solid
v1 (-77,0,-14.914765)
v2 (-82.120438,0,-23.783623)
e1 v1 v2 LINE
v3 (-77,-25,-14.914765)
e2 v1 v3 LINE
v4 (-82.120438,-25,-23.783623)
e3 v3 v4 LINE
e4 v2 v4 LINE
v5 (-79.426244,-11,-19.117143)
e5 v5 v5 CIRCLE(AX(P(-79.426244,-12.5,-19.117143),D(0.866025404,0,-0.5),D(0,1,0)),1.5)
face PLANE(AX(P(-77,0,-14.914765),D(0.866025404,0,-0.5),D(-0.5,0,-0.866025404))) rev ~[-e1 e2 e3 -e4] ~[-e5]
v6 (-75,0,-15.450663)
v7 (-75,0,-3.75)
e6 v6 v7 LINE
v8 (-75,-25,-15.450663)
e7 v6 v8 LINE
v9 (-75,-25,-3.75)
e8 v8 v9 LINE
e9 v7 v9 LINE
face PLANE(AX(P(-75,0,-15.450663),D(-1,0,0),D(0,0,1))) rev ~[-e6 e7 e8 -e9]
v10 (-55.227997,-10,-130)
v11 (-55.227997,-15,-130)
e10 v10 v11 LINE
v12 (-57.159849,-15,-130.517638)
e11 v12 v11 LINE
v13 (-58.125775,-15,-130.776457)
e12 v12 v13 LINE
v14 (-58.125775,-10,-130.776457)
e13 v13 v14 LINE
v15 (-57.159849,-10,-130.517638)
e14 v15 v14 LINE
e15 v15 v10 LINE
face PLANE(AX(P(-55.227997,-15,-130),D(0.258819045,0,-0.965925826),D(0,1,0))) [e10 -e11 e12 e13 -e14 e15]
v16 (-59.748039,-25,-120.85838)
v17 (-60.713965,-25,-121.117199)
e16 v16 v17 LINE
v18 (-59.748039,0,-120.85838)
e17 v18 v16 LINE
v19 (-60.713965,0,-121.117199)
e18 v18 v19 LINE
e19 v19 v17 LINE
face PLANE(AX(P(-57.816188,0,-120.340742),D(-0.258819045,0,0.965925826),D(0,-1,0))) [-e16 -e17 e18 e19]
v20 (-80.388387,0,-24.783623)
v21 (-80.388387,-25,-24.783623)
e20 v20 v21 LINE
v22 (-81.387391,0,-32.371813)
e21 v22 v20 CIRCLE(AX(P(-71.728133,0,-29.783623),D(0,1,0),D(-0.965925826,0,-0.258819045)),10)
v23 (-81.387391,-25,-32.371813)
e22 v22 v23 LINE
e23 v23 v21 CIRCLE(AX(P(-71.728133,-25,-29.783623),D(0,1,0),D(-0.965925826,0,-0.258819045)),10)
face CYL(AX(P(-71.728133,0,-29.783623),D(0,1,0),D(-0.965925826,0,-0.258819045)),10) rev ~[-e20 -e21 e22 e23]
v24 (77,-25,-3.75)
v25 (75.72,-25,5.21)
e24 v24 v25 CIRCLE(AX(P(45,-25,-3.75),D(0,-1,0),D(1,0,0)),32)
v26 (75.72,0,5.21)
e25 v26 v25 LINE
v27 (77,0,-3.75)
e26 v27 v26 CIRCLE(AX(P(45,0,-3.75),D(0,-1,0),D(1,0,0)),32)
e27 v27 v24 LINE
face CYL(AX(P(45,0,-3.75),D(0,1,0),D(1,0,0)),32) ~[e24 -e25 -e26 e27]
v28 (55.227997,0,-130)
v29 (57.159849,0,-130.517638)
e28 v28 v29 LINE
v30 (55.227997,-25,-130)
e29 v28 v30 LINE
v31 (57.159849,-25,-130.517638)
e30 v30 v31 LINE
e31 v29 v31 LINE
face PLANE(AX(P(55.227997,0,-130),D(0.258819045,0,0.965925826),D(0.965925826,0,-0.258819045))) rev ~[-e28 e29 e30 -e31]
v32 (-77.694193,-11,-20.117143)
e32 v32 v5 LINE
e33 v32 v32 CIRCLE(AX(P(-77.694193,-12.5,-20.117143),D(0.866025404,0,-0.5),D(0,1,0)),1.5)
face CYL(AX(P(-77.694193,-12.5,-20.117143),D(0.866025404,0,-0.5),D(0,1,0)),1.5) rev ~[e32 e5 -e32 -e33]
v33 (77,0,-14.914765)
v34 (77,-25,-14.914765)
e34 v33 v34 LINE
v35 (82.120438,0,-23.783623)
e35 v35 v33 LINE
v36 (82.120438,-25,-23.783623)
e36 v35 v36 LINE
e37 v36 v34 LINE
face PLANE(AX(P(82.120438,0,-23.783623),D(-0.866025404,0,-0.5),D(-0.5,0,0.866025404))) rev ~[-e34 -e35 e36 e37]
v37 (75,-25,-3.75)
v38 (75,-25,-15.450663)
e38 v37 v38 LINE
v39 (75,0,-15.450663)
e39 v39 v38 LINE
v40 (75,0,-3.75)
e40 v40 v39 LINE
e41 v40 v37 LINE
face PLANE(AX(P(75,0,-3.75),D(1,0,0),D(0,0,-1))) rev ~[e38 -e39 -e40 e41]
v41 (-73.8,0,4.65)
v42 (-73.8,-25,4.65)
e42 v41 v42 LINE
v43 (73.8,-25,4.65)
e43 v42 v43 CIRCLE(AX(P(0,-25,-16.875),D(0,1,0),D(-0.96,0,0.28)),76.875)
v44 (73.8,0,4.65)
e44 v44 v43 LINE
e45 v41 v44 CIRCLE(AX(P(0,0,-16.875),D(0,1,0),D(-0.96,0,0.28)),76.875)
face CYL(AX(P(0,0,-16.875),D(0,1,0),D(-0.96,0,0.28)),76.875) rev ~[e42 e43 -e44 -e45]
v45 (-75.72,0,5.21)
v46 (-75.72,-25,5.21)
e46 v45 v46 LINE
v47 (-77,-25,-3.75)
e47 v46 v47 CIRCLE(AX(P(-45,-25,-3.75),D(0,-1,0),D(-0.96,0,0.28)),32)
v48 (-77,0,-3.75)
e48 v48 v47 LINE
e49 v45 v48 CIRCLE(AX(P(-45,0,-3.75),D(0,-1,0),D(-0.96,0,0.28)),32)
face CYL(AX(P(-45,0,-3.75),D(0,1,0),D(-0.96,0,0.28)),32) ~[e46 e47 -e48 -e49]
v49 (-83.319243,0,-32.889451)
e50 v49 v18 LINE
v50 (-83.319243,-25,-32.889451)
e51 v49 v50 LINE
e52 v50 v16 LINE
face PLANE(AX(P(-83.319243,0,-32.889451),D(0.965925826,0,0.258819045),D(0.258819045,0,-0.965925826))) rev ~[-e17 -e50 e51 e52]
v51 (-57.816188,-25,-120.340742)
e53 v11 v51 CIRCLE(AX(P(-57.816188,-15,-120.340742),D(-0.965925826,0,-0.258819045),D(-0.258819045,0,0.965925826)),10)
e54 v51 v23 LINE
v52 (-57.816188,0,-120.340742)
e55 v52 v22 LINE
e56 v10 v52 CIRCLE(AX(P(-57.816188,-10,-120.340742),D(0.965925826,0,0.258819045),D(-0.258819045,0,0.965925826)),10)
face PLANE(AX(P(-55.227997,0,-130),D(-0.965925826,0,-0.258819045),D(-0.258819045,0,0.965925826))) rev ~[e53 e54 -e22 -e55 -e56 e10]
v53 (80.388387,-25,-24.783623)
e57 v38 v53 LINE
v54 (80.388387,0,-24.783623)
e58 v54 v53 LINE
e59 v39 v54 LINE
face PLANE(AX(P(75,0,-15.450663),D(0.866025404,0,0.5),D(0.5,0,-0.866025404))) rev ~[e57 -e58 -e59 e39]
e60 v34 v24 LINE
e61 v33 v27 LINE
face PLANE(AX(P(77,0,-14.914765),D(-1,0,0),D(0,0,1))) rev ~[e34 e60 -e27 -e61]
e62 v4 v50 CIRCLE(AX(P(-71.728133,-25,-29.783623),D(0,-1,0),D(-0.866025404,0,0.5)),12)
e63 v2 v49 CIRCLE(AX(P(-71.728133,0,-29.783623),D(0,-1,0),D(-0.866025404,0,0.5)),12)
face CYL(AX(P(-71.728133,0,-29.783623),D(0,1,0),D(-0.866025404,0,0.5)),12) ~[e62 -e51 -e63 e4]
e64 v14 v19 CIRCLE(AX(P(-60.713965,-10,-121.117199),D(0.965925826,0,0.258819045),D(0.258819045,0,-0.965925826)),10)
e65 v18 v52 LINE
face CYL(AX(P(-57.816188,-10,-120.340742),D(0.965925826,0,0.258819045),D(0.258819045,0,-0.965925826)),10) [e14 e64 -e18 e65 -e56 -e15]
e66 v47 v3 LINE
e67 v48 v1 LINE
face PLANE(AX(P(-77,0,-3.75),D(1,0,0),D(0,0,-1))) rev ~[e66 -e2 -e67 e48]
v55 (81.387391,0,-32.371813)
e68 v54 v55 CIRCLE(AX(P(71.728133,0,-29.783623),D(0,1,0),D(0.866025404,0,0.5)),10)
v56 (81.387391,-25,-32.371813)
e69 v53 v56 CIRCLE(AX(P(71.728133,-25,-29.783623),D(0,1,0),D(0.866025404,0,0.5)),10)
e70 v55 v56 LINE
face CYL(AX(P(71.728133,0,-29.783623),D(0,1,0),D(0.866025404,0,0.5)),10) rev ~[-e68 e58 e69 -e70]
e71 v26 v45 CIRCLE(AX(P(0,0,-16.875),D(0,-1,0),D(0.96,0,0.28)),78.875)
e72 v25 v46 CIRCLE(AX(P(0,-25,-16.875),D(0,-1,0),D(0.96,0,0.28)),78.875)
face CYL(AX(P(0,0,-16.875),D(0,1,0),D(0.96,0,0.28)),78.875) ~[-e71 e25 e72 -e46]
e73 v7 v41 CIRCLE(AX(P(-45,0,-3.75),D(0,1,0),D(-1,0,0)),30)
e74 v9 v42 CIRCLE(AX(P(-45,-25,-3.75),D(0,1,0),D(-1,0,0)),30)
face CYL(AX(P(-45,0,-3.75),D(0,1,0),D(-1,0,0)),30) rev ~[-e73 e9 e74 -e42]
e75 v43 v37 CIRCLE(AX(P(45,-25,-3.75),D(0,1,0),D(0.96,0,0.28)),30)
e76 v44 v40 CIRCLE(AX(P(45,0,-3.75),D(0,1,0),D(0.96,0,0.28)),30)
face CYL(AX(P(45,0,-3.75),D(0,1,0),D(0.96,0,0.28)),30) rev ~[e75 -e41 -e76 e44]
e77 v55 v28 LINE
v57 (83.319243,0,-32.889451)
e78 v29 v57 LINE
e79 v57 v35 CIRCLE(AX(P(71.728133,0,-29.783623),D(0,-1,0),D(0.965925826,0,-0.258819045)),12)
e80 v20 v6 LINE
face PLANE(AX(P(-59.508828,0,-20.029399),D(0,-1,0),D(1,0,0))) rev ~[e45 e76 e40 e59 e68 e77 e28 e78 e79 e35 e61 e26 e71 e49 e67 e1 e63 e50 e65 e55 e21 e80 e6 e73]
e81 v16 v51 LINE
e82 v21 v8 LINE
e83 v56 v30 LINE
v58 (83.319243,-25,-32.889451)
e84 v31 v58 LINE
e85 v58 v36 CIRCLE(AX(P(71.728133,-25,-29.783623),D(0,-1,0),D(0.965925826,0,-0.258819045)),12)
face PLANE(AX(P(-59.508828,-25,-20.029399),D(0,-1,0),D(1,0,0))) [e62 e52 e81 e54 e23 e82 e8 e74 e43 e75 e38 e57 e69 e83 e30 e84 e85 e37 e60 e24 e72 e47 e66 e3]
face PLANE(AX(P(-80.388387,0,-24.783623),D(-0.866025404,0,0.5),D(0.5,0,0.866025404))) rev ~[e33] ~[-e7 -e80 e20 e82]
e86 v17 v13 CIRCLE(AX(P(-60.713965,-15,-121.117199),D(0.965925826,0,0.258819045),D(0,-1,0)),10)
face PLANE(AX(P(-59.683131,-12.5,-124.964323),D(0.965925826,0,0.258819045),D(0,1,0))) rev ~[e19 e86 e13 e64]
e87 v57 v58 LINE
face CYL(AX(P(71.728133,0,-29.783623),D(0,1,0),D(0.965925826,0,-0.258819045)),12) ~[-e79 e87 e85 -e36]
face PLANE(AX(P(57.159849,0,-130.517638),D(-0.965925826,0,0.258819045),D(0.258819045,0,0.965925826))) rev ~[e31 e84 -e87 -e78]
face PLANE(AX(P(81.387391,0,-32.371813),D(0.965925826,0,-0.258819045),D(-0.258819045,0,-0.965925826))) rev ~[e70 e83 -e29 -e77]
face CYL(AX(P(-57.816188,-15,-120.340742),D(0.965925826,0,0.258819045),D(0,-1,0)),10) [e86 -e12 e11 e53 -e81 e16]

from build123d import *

# Parameters (mm, degrees)
F1_DEPTH = 25
F2_R     = 10
F3_R     = 1.5
F4_DEPTH = 25
F6_DEPTH = 3


with BuildPart() as f1:
    # F0 (on Front) → F1 (new body)
    with BuildSketch(Plane.XZ):
        with BuildLine():
            ThreePointArc((-73.8, 4.65), (-46.125, 44.625), (0, 60))
            Line((0, 60), (0, 62))
            ThreePointArc((0, 62), (-47.325, 46.225), (-75.72, 5.21))
            ThreePointArc((-75.72, 5.21), (-76.6783837972, 0.7754833996), (-77, -3.75))
            Line((-77, -3.75), (-77, -14.9147645484))
            Line((-77, -14.9147645484), (-82.1204376266, -23.7836226747))
            ThreePointArc((-82.1204376266, -23.7836226747), (-83.6254711177, -28.217308368), (-83.3192426967, -32.8894512159))
            Line((-83.3192426967, -32.8894512159), (-57.1598488652, -130.5176380902))
            Line((-57.1598488652, -130.5176380902), (-55.2279972126, -130))
            Line((-55.2279972126, -130), (-81.3873910441, -32.3718131257))
            ThreePointArc((-81.3873910441, -32.3718131257), (-81.6425813949, -28.4783607525), (-80.388386819, -24.7836226747))
            Line((-80.388386819, -24.7836226747), (-75, -15.4506629333))
            Line((-75, -15.4506629333), (-75, -3.75))
            ThreePointArc((-75, -3.75), (-74.6984848098, 0.4926406871), (-73.8, 4.65))
        make_face()
        with BuildLine():
            Line((0, 62), (0, 60))
            ThreePointArc((0, 60), (46.125, 44.625), (73.8, 4.65))
            ThreePointArc((73.8, 4.65), (74.6984848098, 0.4926406871), (75, -3.75))
            Line((75, -3.75), (75, -15.4506629333))
            Line((75, -15.4506629333), (80.388386819, -24.7836226747))
            ThreePointArc((80.388386819, -24.7836226747), (81.6425813949, -28.4783607525), (81.3873910441, -32.3718131257))
            Line((81.3873910441, -32.3718131257), (55.2279972126, -130))
            Line((55.2279972126, -130), (57.1598488652, -130.5176380902))
            Line((57.1598488652, -130.5176380902), (83.3192426967, -32.8894512159))
            ThreePointArc((83.3192426967, -32.8894512159), (83.6254711177, -28.217308368), (82.1204376266, -23.7836226747))
            Line((82.1204376266, -23.7836226747), (77, -14.9147645484))
            Line((77, -14.9147645484), (77, -3.75))
            ThreePointArc((77, -3.75), (76.6783837972, 0.7754833996), (75.72, 5.21))
            ThreePointArc((75.72, 5.21), (47.325, 46.225), (0, 62))
        make_face()
    extrude(amount=F1_DEPTH)

    # F2
    f2_edges = [f1.edges().sort_by_distance(p)[0] for p in [
        (-56.193923, -25, -130.258819),
        (-56.193923, 0, -130.258819),
    ]]
    fillet(f2_edges, radius=F2_R)

    # F3 (on face) → F4 (cut)
    with BuildSketch(Plane(origin=(-49.5596666972, 0, 28.6132869086), x_dir=(0, 1, 0), z_dir=(0.8660254038, 0, -0.5))):
        with Locations((-12.5, -56.2690534246)):
            Circle(F3_R)
    extrude(amount=-F4_DEPTH, mode=Mode.SUBTRACT)

    # F5 (on face) → F6 (join)
    with BuildSketch(Plane(origin=(-84.0284228994, 0, -22.5153480572), x_dir=(0, 1, 0), z_dir=(0.9659258263, 0, 0.2588190451))):
        with BuildLine():
            Line((0, -101.2762999161), (-25, -101.2762999161))
            ThreePointArc((-25, -101.2762999161), (-22.0710678119, -108.347367728), (-15, -111.2762999161))
            Line((-15, -111.2762999161), (-10, -111.2762999161))
            ThreePointArc((-10, -111.2762999161), (-2.9289321881, -108.347367728), (0, -101.2762999161))
        make_face()
    extrude(amount=-F6_DEPTH)


solid = f1.part
